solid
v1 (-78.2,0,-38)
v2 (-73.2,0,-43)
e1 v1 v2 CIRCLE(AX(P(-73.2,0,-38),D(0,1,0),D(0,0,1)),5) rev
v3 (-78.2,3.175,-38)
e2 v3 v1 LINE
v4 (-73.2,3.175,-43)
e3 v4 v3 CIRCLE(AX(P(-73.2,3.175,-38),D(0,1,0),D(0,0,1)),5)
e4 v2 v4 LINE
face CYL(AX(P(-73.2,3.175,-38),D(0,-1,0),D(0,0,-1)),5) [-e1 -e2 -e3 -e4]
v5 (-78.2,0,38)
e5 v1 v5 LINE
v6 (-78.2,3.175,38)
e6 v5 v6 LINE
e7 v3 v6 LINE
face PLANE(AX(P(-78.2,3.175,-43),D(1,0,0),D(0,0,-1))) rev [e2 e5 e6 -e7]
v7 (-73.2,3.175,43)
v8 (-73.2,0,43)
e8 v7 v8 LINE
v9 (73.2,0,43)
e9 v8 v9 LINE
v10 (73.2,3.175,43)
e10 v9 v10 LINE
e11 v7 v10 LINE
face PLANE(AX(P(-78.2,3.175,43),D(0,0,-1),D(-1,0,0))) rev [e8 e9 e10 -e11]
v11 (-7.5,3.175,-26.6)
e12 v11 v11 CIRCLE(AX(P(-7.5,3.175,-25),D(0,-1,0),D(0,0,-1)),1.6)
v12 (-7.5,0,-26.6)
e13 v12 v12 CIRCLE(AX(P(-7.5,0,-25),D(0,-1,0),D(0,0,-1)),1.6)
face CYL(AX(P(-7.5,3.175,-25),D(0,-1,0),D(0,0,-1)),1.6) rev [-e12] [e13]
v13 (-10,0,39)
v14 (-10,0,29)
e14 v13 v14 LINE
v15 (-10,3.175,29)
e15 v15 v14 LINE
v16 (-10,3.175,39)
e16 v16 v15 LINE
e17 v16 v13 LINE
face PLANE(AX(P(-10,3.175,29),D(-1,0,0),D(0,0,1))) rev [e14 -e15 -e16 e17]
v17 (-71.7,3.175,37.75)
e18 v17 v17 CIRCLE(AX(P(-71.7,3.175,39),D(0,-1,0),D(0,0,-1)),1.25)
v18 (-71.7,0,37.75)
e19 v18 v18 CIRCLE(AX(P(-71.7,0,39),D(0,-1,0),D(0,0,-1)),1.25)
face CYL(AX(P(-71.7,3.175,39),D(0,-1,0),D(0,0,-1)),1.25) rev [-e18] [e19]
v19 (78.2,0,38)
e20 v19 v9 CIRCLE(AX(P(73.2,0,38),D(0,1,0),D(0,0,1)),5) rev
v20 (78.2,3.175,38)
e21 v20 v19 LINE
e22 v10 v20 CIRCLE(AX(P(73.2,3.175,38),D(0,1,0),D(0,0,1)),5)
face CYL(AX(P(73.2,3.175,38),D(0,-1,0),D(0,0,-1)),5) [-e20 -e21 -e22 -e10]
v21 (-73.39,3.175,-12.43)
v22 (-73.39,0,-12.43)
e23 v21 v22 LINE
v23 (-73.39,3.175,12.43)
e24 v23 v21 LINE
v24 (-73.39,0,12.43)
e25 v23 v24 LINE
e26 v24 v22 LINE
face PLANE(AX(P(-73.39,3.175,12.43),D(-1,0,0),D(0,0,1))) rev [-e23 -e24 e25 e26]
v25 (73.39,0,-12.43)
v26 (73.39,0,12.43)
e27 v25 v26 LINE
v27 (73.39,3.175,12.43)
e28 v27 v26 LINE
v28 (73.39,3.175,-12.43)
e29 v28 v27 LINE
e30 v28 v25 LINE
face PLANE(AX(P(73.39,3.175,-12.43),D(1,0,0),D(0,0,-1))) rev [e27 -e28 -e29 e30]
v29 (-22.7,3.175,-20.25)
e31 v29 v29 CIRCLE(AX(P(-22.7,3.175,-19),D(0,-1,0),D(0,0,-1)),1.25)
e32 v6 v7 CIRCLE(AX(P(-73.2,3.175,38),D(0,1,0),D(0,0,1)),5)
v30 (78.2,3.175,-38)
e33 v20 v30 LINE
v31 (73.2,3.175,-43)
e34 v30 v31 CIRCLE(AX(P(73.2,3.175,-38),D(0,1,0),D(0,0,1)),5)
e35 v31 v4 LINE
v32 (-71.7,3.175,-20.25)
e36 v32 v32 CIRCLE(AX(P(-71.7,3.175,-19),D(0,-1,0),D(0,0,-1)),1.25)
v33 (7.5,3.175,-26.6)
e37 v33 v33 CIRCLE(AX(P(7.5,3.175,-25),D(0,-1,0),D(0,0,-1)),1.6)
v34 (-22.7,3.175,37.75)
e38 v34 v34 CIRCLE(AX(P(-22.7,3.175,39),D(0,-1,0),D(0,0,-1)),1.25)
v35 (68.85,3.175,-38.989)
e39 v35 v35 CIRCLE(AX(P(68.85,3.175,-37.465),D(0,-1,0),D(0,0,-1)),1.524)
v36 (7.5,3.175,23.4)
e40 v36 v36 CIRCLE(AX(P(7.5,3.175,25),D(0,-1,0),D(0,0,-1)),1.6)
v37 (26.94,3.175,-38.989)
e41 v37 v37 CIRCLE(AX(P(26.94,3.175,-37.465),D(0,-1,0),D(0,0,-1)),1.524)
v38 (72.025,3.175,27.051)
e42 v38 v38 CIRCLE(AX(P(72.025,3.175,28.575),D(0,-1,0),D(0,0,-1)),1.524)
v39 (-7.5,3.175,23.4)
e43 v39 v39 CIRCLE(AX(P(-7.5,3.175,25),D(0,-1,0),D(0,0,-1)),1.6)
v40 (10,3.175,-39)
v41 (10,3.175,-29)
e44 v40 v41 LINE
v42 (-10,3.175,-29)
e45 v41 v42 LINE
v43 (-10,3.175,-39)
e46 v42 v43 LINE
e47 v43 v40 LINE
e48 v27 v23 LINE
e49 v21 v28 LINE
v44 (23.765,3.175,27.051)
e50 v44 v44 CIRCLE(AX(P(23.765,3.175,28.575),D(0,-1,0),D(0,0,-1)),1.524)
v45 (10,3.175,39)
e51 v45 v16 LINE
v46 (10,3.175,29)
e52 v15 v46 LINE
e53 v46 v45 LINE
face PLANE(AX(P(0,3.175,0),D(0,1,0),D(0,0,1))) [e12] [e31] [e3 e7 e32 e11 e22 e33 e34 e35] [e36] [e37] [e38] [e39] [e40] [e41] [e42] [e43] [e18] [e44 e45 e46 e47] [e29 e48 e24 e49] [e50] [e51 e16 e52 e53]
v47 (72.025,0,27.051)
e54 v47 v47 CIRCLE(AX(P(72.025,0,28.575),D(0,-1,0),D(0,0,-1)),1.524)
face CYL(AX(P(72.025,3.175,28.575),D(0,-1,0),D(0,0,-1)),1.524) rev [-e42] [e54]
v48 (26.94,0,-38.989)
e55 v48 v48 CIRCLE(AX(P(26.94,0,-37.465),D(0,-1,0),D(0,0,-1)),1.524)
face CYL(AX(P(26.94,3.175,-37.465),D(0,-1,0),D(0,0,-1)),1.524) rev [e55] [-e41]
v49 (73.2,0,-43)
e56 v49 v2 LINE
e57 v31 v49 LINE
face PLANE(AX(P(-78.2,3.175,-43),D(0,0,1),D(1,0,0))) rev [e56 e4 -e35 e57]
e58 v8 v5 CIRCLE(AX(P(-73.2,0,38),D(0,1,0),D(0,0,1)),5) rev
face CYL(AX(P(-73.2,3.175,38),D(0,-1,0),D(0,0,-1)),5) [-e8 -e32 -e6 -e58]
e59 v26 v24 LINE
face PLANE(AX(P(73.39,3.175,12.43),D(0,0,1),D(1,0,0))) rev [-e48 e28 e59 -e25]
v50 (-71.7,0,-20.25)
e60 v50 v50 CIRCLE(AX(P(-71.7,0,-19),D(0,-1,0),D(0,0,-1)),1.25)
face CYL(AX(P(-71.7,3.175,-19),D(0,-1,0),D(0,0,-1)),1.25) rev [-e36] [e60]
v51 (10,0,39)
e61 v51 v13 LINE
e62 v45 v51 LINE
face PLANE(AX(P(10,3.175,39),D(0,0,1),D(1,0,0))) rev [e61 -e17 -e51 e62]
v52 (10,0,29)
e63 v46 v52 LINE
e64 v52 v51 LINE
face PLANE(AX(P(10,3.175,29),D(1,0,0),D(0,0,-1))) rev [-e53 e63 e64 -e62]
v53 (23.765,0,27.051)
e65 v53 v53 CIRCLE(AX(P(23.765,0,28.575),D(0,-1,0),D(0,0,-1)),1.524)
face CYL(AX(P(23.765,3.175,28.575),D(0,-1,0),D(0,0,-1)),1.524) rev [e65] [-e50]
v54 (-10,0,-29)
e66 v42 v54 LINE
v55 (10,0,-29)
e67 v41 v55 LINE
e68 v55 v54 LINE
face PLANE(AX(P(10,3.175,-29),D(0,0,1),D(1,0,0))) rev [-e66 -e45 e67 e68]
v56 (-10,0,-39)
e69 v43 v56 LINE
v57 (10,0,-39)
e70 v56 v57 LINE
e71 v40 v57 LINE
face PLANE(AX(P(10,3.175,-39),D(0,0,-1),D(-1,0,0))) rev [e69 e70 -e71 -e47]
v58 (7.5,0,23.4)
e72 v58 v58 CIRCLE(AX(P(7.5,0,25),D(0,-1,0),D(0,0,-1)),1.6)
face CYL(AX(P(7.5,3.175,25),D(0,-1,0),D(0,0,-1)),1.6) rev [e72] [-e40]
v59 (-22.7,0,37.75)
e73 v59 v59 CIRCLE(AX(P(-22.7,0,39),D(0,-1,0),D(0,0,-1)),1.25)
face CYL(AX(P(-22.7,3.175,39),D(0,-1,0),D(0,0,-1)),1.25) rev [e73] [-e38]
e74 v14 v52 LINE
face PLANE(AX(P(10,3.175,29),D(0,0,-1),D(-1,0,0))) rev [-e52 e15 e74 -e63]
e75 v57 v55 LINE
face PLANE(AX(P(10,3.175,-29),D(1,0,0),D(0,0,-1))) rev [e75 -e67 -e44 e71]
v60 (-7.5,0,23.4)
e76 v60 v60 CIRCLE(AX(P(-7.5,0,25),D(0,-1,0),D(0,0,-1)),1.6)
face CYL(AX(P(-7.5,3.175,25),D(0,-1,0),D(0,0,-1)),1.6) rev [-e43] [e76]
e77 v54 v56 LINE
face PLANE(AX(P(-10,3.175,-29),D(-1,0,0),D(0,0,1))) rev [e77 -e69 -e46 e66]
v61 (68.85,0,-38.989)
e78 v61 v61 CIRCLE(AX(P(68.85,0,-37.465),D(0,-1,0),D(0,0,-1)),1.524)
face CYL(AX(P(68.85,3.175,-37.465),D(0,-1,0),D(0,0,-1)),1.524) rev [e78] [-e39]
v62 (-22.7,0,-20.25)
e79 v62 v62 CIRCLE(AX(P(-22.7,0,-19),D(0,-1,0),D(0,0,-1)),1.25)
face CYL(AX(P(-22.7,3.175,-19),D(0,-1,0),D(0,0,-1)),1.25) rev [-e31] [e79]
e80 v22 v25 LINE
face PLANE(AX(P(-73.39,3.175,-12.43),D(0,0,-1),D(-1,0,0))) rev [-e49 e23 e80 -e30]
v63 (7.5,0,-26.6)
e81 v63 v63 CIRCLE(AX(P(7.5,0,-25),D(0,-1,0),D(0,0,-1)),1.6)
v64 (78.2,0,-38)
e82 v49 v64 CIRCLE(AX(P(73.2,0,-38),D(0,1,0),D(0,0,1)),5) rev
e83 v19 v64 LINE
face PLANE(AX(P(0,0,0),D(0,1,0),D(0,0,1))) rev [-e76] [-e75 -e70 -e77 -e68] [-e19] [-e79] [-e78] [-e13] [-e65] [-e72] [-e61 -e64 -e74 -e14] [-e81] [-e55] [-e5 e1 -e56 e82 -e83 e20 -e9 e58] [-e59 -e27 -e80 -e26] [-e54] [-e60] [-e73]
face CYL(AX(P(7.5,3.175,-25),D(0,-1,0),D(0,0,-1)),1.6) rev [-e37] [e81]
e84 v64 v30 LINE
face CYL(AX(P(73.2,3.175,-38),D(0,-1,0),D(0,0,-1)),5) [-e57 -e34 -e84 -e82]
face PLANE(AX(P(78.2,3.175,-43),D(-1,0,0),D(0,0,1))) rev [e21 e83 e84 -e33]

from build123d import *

# Parameters (mm, degrees)
SKETCH1_W           = 156.4
SKETCH1_H           = 86
BOSS_EXTRUDE1_DEPTH = 3.175
SKETCH3_R           = 1.25
SKETCH3_R_2         = 1.524
CUT_EXTRUDE2_DEPTH  = 90.299051647
SKETCH4_W           = 146.78
SKETCH4_H           = 24.86
CUT_EXTRUDE3_DEPTH  = 90.299051647
SKETCH5_R           = 1.6
CUT_EXTRUDE4_DEPTH  = 90.299051647
SKETCH6_W           = 20
SKETCH6_H           = 10
CUT_EXTRUDE5_DEPTH  = 90.299051647
FILLET1_R           = 5


with BuildPart() as part:
    # Sketch1 → Boss-Extrude1 (new body)
    with BuildSketch(Plane(origin=(0, 0, 0), x_dir=(1, 0, 0), z_dir=(0, 1, 0))):
        Rectangle(SKETCH1_W, SKETCH1_H)
    extrude(amount=BOSS_EXTRUDE1_DEPTH)

    # Sketch3 → Cut-Extrude2 (cut, through all)
    with BuildSketch(Plane.XZ):
        with Locations(Location((-22.7, -19, 0), (0, 0, 270))):
            Circle(SKETCH3_R)
        with Locations(Location((-71.7, -19, 0), (0, 0, 270))):
            Circle(SKETCH3_R)
        with Locations(Location((-71.7, 39, 0), (0, 0, 270))):
            Circle(SKETCH3_R)
        with Locations(Location((-22.7, 39, 0), (0, 0, 270))):
            Circle(SKETCH3_R)
        with Locations(Location((72.025, 28.575, 0), (0, 0, 270))):
            Circle(SKETCH3_R_2)
        with Locations(Location((23.765, 28.575, 0), (0, 0, 270))):
            Circle(SKETCH3_R_2)
        with Locations(Location((68.85, -37.465, 0), (0, 0, 270))):
            Circle(SKETCH3_R_2)
        with Locations(Location((26.94, -37.465, 0), (0, 0, 270))):
            Circle(SKETCH3_R_2)
    extrude(amount=-CUT_EXTRUDE2_DEPTH, mode=Mode.SUBTRACT)

    # Sketch4 → Cut-Extrude3 (cut, through all)
    with BuildSketch(Plane.XZ):
        Rectangle(SKETCH4_W, SKETCH4_H)
    extrude(amount=-CUT_EXTRUDE3_DEPTH, mode=Mode.SUBTRACT)

    # Sketch5 → Cut-Extrude4 (cut, through all)
    with BuildSketch(Plane.XZ):
        with Locations(Location((7.5, -25, 0), (0, 0, 270))):
            Circle(SKETCH5_R)
        with Locations(Location((-7.5, -25, 0), (0, 0, 270))):
            Circle(SKETCH5_R)
        with Locations(Location((-7.5, 25, 0), (0, 0, 270))):
            Circle(SKETCH5_R)
        with Locations(Location((7.5, 25, 0), (0, 0, 270))):
            Circle(SKETCH5_R)
    extrude(amount=-CUT_EXTRUDE4_DEPTH, mode=Mode.SUBTRACT)

    # Sketch6 → Cut-Extrude5 (cut, through all)
    with BuildSketch(Plane.XZ):
        with Locations((0, 34)):
            Rectangle(SKETCH6_W, SKETCH6_H)
        with Locations((0, -34)):
            Rectangle(SKETCH6_W, SKETCH6_H)
    extrude(amount=-CUT_EXTRUDE5_DEPTH, mode=Mode.SUBTRACT)

    # Fillet1
    fillet1_edges = [part.edges().sort_by_distance(p)[0] for p in [
        (78.2, 1.5875, 43),
        (-78.2, 1.5875, 43),
        (-78.2, 1.5875, -43),
        (78.2, 1.5875, -43),
    ]]
    fillet(fillet1_edges, radius=FILLET1_R)


solid = part.part
